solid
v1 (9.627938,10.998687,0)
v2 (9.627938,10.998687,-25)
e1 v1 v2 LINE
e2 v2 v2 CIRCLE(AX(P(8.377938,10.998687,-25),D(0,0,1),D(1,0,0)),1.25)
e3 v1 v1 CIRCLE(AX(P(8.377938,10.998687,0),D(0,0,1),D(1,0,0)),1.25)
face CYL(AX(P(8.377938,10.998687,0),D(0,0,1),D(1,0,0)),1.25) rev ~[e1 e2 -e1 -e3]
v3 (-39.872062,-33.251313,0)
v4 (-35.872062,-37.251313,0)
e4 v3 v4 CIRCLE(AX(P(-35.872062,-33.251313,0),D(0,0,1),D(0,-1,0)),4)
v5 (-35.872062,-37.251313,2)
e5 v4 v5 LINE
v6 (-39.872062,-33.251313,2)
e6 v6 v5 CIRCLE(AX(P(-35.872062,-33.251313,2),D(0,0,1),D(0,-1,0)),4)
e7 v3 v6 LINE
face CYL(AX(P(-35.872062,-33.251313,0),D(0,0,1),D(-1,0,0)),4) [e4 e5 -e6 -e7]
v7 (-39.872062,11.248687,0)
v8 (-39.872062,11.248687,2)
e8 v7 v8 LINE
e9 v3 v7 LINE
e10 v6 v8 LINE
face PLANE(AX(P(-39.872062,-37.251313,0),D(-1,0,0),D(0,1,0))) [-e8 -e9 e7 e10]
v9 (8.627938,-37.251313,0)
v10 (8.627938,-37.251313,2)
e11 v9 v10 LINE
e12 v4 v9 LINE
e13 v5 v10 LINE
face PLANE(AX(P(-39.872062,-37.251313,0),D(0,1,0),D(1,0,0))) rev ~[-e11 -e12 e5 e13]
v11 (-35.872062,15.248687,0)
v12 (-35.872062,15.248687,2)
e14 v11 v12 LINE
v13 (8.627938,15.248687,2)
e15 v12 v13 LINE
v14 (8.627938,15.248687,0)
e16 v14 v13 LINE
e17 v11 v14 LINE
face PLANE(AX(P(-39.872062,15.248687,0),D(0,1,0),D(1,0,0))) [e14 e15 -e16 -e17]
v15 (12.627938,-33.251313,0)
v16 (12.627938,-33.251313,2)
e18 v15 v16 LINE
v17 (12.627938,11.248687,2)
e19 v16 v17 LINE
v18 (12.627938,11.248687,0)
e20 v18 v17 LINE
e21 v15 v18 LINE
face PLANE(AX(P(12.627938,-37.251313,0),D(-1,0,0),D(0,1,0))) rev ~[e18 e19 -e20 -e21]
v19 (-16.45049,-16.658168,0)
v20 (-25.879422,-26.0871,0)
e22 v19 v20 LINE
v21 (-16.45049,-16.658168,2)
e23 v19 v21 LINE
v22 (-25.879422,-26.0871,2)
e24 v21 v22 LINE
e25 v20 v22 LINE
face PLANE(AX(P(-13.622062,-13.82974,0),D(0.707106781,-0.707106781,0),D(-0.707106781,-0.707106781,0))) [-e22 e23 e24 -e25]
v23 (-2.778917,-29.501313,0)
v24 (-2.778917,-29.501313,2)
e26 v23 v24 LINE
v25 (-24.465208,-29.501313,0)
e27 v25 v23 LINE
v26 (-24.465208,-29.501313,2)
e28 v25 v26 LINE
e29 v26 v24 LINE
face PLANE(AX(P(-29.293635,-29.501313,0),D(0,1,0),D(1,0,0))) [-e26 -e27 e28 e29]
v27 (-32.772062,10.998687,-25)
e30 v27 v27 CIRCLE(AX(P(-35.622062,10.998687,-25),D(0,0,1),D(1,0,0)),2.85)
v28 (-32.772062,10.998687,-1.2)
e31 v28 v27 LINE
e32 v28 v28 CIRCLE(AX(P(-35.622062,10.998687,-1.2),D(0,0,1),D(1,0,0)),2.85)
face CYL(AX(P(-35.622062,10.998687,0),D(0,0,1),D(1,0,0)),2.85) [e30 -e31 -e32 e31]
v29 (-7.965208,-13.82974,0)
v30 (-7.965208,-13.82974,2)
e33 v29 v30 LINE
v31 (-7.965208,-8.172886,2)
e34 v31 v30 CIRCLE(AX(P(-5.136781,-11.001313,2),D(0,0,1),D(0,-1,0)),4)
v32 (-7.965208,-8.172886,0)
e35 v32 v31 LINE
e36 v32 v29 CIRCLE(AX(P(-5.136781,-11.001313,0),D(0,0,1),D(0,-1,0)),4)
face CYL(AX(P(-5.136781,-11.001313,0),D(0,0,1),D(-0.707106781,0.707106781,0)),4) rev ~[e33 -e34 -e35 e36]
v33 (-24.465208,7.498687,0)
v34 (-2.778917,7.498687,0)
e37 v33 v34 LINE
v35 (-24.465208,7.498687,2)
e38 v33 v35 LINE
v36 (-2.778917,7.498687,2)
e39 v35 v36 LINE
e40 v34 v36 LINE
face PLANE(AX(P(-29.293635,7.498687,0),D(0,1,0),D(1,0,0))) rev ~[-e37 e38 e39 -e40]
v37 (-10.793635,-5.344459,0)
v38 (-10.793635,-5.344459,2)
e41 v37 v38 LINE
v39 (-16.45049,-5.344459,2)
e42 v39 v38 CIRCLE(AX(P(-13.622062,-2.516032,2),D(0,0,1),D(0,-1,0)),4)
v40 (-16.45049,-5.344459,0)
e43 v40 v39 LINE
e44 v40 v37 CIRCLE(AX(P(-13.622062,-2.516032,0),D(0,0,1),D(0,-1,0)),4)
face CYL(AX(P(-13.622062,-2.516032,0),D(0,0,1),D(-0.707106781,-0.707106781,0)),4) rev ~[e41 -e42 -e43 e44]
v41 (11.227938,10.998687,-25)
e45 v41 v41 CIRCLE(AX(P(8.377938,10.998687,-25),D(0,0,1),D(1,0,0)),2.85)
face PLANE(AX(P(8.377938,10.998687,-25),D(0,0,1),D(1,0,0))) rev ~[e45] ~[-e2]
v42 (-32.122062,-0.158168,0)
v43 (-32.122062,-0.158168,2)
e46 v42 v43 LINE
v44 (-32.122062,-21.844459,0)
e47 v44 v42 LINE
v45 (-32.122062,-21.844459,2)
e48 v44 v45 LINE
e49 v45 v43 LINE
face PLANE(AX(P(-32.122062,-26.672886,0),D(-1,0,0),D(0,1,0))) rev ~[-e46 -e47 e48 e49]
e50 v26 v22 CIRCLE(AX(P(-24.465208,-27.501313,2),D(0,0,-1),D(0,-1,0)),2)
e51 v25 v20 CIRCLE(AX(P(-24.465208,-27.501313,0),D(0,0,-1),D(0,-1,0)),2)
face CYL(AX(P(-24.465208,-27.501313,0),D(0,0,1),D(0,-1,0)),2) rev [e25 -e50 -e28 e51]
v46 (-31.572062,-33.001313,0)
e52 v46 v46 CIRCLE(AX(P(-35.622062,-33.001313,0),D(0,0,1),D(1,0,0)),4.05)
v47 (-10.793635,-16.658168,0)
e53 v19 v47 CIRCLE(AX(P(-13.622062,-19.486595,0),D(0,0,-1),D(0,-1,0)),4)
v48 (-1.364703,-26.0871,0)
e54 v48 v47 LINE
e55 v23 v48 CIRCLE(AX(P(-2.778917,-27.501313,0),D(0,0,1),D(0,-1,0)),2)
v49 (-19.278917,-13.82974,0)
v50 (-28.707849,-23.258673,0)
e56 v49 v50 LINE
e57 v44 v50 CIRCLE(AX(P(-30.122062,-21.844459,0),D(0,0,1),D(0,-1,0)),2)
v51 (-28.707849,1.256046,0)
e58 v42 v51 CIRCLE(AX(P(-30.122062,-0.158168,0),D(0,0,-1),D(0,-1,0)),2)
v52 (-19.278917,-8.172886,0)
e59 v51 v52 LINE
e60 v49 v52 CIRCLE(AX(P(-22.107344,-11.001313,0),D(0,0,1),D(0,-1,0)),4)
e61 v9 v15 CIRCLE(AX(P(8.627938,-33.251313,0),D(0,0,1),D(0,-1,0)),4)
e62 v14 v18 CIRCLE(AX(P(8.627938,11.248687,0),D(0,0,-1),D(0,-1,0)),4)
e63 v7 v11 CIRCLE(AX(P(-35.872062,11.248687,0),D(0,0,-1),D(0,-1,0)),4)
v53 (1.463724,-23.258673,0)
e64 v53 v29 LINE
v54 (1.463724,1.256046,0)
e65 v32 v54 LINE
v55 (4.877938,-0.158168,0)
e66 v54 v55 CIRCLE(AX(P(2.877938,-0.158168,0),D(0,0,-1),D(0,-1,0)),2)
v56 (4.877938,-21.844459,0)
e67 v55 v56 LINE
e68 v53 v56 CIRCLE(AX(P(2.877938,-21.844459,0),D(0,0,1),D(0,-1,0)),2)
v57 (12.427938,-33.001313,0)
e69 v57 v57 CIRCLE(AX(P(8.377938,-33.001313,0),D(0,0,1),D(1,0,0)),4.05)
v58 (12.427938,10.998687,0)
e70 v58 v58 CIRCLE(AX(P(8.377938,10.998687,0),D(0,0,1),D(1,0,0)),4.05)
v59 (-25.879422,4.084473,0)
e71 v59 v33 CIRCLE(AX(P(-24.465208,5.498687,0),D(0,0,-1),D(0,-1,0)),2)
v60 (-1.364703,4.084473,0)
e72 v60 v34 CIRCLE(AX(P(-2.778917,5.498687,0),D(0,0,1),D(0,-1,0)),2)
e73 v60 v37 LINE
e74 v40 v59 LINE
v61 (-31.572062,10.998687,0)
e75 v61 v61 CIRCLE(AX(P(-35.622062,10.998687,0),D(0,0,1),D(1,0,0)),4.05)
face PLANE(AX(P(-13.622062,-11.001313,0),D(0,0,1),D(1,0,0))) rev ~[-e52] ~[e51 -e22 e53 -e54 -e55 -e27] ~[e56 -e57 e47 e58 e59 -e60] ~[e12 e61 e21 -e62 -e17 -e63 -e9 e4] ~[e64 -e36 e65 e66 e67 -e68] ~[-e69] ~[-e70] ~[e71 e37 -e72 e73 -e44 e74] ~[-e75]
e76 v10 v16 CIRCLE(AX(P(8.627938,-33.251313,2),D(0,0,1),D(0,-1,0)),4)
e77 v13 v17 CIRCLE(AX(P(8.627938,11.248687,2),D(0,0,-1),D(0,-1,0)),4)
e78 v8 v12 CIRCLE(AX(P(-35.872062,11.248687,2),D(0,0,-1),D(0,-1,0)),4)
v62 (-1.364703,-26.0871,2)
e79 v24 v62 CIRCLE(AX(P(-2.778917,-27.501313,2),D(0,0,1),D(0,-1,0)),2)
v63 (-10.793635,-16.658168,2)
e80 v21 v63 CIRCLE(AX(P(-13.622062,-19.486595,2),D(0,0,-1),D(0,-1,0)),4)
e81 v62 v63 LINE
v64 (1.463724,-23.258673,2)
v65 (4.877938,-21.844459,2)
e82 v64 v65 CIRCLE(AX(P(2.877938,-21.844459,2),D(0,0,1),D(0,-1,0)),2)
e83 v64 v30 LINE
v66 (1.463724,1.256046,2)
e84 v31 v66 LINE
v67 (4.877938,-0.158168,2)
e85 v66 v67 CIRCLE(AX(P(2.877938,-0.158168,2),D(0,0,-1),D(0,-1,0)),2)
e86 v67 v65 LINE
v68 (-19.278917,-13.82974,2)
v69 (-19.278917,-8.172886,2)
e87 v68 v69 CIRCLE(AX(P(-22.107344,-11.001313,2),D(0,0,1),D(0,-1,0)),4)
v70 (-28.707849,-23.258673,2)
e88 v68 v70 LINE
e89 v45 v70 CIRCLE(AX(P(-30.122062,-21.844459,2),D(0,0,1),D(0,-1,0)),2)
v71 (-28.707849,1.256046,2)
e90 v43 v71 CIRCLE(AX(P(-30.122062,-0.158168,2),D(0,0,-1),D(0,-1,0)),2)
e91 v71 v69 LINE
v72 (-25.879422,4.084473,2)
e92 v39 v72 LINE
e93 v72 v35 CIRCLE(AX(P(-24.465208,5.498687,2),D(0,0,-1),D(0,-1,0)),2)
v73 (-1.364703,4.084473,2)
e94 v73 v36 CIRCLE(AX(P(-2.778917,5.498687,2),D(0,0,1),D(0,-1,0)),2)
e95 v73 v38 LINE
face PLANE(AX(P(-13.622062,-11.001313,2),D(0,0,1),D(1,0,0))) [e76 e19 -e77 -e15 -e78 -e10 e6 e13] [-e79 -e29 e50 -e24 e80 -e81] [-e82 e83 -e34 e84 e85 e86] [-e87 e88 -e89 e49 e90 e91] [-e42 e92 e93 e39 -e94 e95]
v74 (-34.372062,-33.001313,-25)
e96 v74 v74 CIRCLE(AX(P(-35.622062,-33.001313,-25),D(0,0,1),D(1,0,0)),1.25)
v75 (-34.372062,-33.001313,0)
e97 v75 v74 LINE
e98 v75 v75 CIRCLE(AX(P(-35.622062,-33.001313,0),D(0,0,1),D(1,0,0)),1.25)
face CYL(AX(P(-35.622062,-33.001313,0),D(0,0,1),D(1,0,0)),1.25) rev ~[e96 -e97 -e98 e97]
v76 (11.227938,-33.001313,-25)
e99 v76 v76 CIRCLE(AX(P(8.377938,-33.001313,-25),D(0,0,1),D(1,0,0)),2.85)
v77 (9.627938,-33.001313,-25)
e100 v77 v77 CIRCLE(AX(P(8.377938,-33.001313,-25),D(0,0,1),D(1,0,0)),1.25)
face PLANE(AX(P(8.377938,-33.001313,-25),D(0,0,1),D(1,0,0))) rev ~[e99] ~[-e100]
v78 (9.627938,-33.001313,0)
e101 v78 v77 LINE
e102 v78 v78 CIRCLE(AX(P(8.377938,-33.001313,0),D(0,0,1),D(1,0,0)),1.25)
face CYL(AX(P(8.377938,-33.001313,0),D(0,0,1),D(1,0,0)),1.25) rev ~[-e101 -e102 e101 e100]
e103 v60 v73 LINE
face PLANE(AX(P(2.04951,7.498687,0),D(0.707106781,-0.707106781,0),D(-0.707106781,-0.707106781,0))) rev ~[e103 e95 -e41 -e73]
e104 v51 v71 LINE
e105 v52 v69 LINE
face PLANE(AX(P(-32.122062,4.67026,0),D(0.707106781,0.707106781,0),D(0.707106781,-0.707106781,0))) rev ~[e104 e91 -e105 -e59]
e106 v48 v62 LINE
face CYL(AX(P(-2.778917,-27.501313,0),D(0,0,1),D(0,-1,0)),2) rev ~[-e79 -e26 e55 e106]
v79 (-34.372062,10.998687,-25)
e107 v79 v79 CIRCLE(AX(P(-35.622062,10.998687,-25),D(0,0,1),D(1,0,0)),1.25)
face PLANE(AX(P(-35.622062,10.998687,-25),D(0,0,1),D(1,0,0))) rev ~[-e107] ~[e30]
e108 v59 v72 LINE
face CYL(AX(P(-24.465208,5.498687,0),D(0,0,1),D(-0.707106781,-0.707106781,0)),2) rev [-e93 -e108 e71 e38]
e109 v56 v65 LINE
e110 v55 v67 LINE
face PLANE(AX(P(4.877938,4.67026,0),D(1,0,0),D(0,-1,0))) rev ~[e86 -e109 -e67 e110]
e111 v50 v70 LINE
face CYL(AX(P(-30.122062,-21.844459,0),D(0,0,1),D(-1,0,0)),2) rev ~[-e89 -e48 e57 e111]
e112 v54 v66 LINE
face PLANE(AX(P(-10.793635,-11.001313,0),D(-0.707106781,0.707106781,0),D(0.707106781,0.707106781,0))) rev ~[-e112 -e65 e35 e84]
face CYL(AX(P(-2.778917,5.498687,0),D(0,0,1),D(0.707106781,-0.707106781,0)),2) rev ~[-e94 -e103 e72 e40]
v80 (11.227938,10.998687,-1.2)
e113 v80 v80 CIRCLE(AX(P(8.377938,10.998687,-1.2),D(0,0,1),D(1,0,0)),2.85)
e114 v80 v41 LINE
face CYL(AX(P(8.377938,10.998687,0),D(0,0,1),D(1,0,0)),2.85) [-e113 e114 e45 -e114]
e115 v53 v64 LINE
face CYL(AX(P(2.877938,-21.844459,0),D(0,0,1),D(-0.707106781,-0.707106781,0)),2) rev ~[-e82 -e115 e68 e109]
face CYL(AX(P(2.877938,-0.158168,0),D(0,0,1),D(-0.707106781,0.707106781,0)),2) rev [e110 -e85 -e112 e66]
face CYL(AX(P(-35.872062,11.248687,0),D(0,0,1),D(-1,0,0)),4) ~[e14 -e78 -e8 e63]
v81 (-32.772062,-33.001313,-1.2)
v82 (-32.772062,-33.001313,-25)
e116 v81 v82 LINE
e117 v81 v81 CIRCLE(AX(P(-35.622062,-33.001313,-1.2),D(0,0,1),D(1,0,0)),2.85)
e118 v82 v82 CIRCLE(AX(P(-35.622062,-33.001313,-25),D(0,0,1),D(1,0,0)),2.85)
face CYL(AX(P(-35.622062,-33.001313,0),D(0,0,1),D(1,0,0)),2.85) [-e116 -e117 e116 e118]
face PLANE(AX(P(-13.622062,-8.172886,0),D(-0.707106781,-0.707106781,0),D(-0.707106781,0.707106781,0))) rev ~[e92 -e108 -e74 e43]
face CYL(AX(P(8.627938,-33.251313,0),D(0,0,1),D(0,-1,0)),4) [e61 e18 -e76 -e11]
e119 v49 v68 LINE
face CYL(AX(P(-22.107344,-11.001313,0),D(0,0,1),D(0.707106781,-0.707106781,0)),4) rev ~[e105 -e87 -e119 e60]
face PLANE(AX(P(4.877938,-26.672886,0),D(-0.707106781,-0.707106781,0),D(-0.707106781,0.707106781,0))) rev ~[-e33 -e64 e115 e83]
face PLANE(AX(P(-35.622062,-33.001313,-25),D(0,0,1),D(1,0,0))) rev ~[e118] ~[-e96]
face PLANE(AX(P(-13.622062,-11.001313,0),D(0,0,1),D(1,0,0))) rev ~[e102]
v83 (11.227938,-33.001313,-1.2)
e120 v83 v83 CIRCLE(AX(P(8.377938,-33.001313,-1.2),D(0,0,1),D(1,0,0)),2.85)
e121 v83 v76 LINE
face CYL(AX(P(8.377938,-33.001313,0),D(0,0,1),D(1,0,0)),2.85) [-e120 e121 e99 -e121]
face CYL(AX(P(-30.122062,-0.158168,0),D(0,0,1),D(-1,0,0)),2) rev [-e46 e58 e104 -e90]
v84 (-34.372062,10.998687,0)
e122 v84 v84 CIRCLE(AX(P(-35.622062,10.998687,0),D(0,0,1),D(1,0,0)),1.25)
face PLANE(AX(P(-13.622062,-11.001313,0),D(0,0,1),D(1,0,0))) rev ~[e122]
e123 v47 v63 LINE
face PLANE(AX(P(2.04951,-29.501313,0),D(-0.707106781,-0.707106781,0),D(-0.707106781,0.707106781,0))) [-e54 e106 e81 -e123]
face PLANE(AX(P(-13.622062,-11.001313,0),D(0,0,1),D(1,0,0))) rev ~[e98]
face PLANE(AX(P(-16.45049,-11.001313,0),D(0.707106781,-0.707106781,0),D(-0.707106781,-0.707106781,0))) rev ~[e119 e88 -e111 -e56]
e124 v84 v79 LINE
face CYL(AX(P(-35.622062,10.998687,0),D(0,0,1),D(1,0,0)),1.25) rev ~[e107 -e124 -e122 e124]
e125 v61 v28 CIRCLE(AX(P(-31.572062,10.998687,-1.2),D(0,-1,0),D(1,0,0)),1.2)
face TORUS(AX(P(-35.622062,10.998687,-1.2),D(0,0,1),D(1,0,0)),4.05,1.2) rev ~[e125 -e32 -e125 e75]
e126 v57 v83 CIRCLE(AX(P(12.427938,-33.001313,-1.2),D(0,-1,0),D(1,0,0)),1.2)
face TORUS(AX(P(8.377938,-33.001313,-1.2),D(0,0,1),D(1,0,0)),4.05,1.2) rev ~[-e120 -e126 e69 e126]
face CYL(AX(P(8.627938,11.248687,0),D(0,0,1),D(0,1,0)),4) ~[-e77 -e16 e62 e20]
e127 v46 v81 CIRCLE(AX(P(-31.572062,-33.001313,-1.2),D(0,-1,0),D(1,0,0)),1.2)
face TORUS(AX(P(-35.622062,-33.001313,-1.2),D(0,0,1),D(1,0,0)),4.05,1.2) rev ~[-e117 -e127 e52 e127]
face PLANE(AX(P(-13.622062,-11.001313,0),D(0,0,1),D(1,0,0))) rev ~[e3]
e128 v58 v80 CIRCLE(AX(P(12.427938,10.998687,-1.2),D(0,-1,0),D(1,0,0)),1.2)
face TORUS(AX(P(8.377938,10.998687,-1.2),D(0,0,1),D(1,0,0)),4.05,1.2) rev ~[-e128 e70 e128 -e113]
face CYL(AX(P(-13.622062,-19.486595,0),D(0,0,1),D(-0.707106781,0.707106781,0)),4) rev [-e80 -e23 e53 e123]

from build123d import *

# Parameters (mm, degrees)
SKETCH1_W           = 52.5
SKETCH1_H           = 52.5
BOSS_EXTRUDE1_DEPTH = 2
SKETCH1_3_R         = 2.85
SKETCH1_3_R_2       = 1.25
BOSS_EXTRUDE2_DEPTH = 25
FILLET1_R           = 4
FILLET2_R           = 1.2
FILLET3_R           = 2
FILLET4_R           = 4


with BuildPart() as part:
    # Sketch1 → Boss-Extrude1 (new body)
    with BuildSketch(Plane.XY):
        with Locations((-13.622062437, -11.00131333)):
            Rectangle(SKETCH1_W, SKETCH1_H)
        Polygon((2.049510438, -29.50131333), (-29.293635312, -29.50131333), (-13.622062437, -13.829740455), align=None, mode=Mode.SUBTRACT)
        Polygon((-32.122062437, -26.672886205), (-32.122062437, 4.670259545), (-16.450489562, -11.00131333), align=None, mode=Mode.SUBTRACT)
        Polygon((-10.793635312, -11.00131333), (4.877937563, 4.670259545), (4.877937563, -26.672886205), align=None, mode=Mode.SUBTRACT)
        Polygon((-13.622062437, -8.172886205), (-29.293635312, 7.49868667), (2.049510438, 7.49868667), align=None, mode=Mode.SUBTRACT)
    extrude(amount=BOSS_EXTRUDE1_DEPTH)

    # Sketch1<3> → Boss-Extrude2 (add)
    # profile 1 of 4: a face of its own
    with BuildSketch(Plane.XY):
        with Locations((-35.622062437, 10.99868667)):
            Circle(SKETCH1_3_R)
        with Locations((-35.622062437, 10.99868667)):
            Circle(SKETCH1_3_R_2, mode=Mode.SUBTRACT)
    # profile 2 of 4: a face of its own
    with BuildSketch(Plane.XY):
        with Locations((8.377937563, 10.99868667)):
            Circle(SKETCH1_3_R)
        with Locations((8.377937563, 10.99868667)):
            Circle(SKETCH1_3_R_2, mode=Mode.SUBTRACT)
    # profile 3 of 4: a face of its own
    with BuildSketch(Plane.XY):
        with Locations((-35.622062437, -33.00131333)):
            Circle(SKETCH1_3_R)
        with Locations((-35.622062437, -33.00131333)):
            Circle(SKETCH1_3_R_2, mode=Mode.SUBTRACT)
    # profile 4 of 4: a face of its own
    with BuildSketch(Plane.XY):
        with Locations((8.377937563, -33.00131333)):
            Circle(SKETCH1_3_R)
        with Locations((8.377937563, -33.00131333)):
            Circle(SKETCH1_3_R_2, mode=Mode.SUBTRACT)
    extrude(amount=-BOSS_EXTRUDE2_DEPTH)

    # Fillet1
    fillet1_edges = [part.edges().sort_by_distance(p)[0] for p in [
        (-39.872062437, 15.24868667, 1),
        (12.627937563, -37.25131333, 1),
        (12.627937563, 15.24868667, 1),
        (-39.872062437, -37.25131333, 1),
    ]]
    fillet(fillet1_edges, radius=FILLET1_R)

    # Fillet2
    fillet2_edges = [part.edges().sort_by_distance(p)[0] for p in [
        (5.527937563, -33.00131333, 0),
        (-38.472062437, -33.00131333, 0),
        (-38.472062437, 10.99868667, 0),
        (5.527937563, 10.99868667, 0),
    ]]
    fillet(fillet2_edges, radius=FILLET2_R)

    # Fillet3
    fillet3_edges = [part.edges().sort_by_distance(p)[0] for p in [
        (-29.293635312, 7.49868667, 1),
        (2.049510438, 7.49868667, 1),
        (4.877937563, 4.670259545, 1),
        (4.877937563, -26.672886205, 1),
        (2.049510438, -29.50131333, 1),
        (-29.293635312, -29.50131333, 1),
        (-32.122062437, -26.672886205, 1),
        (-32.122062437, 4.670259545, 1),
    ]]
    fillet(fillet3_edges, radius=FILLET3_R)

    # Fillet4
    fillet4_edges = [part.edges().sort_by_distance(p)[0] for p in [
        (-13.622062437, -8.172886205, 1),
        (-16.450489562, -11.00131333, 1),
        (-13.622062437, -13.829740455, 1),
        (-10.793635312, -11.00131333, 1),
    ]]
    fillet(fillet4_edges, radius=FILLET4_R)


solid = part.part
